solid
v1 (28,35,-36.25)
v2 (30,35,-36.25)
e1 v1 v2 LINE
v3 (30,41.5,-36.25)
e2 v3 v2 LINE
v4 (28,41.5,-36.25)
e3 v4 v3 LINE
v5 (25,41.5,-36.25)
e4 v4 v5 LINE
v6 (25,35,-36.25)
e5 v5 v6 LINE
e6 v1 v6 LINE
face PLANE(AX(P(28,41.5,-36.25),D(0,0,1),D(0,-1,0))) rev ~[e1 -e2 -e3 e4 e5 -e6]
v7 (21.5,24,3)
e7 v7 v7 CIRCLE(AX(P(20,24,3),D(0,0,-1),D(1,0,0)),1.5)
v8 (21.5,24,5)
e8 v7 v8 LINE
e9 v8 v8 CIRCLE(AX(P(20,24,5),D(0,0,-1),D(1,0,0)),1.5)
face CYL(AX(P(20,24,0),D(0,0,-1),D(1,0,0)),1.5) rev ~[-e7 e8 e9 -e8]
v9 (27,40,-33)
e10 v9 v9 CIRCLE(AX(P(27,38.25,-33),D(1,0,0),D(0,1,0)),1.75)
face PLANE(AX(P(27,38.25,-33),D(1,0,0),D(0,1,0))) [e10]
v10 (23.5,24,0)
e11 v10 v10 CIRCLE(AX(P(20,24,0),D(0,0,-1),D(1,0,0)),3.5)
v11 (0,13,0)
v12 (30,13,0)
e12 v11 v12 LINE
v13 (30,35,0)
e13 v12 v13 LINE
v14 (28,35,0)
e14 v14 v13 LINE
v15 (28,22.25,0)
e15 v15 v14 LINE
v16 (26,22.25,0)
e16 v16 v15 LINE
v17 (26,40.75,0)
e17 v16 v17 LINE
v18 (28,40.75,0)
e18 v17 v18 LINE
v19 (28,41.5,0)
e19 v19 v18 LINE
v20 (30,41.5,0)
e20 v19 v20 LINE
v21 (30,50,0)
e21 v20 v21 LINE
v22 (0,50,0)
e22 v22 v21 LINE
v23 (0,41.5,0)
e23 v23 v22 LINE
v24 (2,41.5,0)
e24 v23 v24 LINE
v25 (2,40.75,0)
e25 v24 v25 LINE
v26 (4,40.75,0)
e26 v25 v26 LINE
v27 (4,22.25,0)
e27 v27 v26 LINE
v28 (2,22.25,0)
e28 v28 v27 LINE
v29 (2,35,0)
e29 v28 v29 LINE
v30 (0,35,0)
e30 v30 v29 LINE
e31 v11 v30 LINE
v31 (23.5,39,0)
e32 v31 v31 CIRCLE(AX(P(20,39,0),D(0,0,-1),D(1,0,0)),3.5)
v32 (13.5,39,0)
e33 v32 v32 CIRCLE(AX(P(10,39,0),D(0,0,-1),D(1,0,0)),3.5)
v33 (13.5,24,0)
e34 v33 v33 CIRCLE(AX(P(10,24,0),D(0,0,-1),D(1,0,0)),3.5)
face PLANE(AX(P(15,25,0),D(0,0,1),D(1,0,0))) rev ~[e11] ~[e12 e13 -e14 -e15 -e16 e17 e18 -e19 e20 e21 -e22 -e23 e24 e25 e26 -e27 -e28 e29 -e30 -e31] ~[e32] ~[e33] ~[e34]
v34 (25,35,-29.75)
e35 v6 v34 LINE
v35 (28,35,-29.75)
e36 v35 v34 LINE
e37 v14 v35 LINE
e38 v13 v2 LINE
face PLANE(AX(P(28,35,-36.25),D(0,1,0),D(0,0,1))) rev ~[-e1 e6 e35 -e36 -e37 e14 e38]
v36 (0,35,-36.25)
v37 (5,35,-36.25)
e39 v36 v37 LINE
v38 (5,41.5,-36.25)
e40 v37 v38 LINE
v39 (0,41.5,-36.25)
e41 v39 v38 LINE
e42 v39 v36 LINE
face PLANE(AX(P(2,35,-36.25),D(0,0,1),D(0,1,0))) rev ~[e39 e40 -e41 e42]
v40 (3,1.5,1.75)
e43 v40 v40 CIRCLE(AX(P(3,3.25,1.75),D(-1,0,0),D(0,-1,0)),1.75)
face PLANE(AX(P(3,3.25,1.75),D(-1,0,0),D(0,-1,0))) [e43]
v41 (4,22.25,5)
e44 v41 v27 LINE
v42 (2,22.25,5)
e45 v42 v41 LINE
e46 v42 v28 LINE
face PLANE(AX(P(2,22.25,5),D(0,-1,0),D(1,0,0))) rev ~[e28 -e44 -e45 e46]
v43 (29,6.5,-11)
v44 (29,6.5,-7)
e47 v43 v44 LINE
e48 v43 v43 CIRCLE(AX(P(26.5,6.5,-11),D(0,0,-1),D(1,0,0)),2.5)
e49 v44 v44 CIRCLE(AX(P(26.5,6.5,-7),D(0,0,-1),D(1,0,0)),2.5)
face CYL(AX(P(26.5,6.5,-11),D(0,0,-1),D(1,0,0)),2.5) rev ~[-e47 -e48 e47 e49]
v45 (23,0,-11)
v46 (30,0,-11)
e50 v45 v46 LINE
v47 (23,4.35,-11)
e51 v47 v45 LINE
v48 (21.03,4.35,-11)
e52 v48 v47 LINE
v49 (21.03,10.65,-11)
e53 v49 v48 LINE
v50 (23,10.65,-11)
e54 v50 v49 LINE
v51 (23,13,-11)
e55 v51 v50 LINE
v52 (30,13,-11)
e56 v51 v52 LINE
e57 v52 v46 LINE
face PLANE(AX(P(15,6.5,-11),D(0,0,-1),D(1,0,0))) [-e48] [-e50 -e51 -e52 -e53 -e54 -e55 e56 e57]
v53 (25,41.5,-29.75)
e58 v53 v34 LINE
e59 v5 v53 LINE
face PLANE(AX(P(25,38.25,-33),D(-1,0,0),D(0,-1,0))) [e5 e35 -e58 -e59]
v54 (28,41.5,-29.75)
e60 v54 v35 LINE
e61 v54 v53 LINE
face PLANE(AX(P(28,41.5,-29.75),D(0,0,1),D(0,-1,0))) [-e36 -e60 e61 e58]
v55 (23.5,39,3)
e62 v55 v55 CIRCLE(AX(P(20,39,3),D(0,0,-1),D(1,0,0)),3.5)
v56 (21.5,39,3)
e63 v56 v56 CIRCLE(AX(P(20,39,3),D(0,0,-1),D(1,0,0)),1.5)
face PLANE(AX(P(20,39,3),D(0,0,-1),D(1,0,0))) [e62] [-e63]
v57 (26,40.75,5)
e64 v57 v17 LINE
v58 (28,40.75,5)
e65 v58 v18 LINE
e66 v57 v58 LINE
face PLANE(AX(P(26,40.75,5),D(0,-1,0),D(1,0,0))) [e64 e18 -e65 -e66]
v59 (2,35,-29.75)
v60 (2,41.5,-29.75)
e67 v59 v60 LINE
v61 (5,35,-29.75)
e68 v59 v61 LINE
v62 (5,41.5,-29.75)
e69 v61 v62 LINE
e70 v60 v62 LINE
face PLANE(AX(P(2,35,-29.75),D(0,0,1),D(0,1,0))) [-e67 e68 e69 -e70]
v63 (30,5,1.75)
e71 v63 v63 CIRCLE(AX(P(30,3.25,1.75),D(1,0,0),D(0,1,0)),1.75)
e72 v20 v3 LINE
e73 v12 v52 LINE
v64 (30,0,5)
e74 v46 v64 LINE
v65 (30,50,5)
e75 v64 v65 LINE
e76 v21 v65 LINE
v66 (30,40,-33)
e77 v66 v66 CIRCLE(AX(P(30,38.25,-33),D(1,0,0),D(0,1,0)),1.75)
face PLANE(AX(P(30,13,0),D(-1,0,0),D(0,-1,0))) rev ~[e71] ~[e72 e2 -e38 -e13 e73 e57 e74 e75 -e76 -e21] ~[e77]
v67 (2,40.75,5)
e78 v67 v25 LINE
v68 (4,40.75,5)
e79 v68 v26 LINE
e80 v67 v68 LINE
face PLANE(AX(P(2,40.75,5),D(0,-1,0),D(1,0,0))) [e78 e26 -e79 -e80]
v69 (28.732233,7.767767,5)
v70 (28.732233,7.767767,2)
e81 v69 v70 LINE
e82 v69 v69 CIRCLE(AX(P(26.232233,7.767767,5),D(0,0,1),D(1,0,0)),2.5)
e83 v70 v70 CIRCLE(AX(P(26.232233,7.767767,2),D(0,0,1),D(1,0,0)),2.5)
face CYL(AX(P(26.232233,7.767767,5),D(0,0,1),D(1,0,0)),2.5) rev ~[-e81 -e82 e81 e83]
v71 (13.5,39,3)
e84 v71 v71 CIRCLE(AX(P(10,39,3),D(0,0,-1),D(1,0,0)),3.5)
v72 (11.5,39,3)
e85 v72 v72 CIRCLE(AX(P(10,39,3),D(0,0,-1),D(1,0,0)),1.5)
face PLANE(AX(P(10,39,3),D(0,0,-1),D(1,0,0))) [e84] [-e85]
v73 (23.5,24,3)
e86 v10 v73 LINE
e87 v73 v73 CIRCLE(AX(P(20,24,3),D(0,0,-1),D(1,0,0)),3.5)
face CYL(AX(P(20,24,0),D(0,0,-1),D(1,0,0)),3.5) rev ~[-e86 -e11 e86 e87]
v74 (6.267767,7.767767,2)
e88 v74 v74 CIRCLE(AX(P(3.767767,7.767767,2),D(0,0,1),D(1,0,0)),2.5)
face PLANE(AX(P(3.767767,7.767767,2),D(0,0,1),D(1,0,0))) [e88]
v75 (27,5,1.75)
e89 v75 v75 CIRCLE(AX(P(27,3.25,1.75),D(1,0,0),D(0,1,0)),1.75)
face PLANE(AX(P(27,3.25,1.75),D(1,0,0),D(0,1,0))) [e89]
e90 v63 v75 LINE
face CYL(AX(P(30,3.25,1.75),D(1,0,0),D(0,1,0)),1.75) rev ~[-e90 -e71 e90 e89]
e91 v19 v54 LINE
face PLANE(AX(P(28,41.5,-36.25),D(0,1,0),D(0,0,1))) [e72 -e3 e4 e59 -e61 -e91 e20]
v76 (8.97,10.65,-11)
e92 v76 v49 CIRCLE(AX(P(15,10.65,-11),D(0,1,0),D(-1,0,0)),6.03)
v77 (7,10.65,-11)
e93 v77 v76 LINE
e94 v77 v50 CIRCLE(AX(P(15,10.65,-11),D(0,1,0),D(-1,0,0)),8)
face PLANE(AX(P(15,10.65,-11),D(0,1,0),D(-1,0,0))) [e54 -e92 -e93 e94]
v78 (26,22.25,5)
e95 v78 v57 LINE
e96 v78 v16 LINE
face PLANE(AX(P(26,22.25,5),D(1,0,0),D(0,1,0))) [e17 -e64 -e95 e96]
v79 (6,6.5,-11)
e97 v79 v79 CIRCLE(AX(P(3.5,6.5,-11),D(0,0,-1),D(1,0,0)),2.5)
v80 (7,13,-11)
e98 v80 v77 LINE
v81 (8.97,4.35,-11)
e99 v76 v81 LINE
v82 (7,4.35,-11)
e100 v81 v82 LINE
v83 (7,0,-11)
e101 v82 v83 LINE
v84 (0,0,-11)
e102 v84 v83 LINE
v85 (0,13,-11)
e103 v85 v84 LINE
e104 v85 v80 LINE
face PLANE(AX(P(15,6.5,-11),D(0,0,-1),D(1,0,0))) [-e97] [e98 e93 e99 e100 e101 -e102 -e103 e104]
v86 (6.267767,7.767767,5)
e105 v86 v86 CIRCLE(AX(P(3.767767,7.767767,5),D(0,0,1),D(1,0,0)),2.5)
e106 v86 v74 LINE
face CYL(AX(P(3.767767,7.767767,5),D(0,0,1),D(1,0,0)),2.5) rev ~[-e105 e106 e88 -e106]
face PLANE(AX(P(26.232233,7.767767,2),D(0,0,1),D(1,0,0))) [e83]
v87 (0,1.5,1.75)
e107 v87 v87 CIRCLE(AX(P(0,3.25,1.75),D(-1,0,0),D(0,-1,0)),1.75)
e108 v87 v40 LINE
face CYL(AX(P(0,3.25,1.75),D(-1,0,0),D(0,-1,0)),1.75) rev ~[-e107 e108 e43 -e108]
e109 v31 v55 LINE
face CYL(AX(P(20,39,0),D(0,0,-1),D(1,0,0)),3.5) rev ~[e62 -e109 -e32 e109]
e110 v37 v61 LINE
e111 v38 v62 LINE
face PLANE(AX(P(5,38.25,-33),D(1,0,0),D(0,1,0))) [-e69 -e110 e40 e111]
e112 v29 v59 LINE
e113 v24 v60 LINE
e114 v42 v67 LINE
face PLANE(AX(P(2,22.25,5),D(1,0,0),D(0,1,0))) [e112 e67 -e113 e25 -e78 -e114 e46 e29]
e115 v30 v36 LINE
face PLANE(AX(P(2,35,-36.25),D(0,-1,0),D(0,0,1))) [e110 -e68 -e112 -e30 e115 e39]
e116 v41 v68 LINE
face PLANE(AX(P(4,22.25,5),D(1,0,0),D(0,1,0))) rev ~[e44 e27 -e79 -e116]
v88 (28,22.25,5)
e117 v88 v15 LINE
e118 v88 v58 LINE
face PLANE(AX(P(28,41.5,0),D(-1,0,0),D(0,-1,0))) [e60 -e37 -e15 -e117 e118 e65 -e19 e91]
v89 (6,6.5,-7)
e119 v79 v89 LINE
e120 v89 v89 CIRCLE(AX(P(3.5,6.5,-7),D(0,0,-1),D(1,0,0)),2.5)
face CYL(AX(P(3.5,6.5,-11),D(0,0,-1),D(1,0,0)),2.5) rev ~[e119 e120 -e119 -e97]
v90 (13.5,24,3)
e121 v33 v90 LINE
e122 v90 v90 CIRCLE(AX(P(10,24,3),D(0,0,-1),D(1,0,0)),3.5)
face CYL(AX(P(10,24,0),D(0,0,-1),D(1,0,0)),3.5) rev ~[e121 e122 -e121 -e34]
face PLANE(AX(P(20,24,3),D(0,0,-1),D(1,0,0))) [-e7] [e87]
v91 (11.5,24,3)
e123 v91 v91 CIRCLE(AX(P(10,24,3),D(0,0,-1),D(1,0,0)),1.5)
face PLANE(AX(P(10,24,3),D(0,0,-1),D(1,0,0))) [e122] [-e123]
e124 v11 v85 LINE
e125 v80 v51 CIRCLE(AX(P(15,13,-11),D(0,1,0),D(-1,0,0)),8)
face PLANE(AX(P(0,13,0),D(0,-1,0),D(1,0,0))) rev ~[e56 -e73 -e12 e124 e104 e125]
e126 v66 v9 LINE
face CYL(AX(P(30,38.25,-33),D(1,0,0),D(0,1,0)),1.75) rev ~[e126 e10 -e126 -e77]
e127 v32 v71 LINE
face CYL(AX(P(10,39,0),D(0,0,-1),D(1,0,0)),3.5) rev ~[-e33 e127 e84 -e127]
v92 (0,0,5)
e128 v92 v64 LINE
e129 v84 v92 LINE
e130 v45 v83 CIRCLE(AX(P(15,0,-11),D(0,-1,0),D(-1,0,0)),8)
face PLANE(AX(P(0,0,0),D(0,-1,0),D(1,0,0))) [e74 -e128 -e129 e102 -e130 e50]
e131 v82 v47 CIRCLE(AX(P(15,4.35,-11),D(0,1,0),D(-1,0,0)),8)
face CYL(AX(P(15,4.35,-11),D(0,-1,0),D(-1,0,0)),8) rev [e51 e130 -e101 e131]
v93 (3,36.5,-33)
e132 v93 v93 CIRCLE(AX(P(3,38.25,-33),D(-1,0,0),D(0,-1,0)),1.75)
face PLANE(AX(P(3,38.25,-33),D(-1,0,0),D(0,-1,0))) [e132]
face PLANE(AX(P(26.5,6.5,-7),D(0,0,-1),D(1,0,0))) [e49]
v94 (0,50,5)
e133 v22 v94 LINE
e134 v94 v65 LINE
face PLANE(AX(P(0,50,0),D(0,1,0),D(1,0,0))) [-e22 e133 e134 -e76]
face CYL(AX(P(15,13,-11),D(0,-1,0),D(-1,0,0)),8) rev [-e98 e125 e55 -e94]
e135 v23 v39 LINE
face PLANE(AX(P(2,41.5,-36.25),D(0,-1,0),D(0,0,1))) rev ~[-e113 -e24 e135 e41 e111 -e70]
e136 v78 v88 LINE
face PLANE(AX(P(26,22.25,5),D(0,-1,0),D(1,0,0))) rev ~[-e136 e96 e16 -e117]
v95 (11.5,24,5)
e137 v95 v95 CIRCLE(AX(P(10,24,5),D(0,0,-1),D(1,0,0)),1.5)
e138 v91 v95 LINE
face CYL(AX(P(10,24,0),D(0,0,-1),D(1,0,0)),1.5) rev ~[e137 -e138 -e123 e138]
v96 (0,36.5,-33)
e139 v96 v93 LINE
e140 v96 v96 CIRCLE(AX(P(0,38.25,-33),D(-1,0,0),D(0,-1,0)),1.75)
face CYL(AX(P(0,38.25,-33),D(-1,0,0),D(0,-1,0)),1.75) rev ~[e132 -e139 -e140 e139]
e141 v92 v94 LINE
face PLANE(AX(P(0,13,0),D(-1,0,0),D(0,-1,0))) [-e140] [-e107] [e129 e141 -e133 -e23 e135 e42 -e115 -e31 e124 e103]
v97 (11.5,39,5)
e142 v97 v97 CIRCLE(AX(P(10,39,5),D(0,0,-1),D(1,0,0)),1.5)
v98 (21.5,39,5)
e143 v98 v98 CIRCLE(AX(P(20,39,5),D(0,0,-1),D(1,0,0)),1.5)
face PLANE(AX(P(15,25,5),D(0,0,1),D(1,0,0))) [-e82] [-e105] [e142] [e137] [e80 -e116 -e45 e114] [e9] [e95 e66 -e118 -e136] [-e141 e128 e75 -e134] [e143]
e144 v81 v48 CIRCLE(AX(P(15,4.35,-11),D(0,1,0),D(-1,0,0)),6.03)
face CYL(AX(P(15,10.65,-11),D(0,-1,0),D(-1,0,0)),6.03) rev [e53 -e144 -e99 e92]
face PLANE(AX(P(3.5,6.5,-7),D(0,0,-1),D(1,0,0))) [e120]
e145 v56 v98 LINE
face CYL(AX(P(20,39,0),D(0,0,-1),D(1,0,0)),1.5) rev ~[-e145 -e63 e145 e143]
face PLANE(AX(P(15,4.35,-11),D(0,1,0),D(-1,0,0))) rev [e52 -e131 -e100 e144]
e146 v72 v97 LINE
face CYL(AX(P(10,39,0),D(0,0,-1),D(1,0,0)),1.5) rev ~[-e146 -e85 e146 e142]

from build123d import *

# Parameters (mm, degrees)
SKETCH_W        = 30
SKETCH_H        = 50
PAD_DEPTH       = 5
SKETCH002_W     = 30
SKETCH002_H     = 13
PAD001_DEPTH    = 11
GROOVE_ANGLE    = 180
SKETCH004_R     = 2.5
POCKET_DEPTH    = 4
SKETCH005_R     = 1.5
POCKET001_DEPTH = 5
SKETCH006_R     = 3.5
POCKET002_DEPTH = 3
SKETCH008_R     = 1.75
POCKET003_DEPTH = 3
SKETCH009_W     = 2
SKETCH009_H     = 6.5
PAD002_DEPTH    = 36.25
SKETCH010_W     = 6.5
SKETCH010_H     = 6.5
PAD003_DEPTH    = 3
SKETCH011_R     = 1.75
POCKET004_DEPTH = 3
SKETCH012_W     = 2
SKETCH012_H     = 6.5000000001
PAD004_DEPTH    = 36.25
SKETCH013_W     = 6.5
SKETCH013_H     = 6.5
PAD005_DEPTH    = 3
SKETCH014_R     = 1.75
POCKET005_DEPTH = 3
SKETCH015_W     = 2
SKETCH015_H     = 18.5
POCKET006_DEPTH = 5
SKETCH034_R     = 2.5
POCKET013_DEPTH = 3


with BuildPart() as part:
    # Sketch → Pad (new body)
    with BuildSketch(Plane.XY):
        with Locations((15, 25)):
            Rectangle(SKETCH_W, SKETCH_H)
    extrude(amount=PAD_DEPTH)

    # Sketch002 (on Face5 of Pad) → Pad001 (join)
    with BuildSketch(Plane(origin=(0, 0, 0), x_dir=(1, 0, 0), z_dir=(0, 0, -1))):
        with Locations((15, -6.5)):
            Rectangle(SKETCH002_W, SKETCH002_H)
    extrude(amount=PAD001_DEPTH)

    # Sketch003 (on Face10 of Pad001) → Groove (revolve, cut)
    with BuildSketch(Plane(origin=(0, 0, -11), x_dir=(1, 0, 0), z_dir=(0, 0, -1))):
        Polygon((7, -13), (7, -10.65), (8.97, -10.65), (8.97, -4.35), (7, -4.35), (7, 1), (15, 1), (15, -13), align=None)
    revolve(axis=Axis((15, -1, -11), (0, 1, 0)), revolution_arc=GROOVE_ANGLE, mode=Mode.SUBTRACT)

    # Sketch004 (on Face10 of Groove) → Pocket (cut)
    with BuildSketch(Plane(origin=(0, 0, -11), x_dir=(1, 0, 0), z_dir=(0, 0, -1))):
        with Locations((3.5, -6.5)):
            Circle(SKETCH004_R)
        with Locations((26.5, -6.5)):
            Circle(SKETCH004_R)
    extrude(amount=-POCKET_DEPTH, mode=Mode.SUBTRACT)

    # Sketch005 (on Face7 of Pocket) → Pocket001 (cut)
    with BuildSketch(Plane(origin=(0, 0, 0), x_dir=(1, 0, 0), z_dir=(0, 0, -1))):
        with Locations((10, -24)):
            Circle(SKETCH005_R)
        with Locations((20, -24)):
            Circle(SKETCH005_R)
        with Locations((10, -39)):
            Circle(SKETCH005_R)
        with Locations((20, -39)):
            Circle(SKETCH005_R)
    extrude(amount=-POCKET001_DEPTH, mode=Mode.SUBTRACT)

    # Sketch006 (on Face7 of Pocket001) → Pocket002 (cut)
    with BuildSketch(Plane(origin=(0, 0, 0), x_dir=(1, 0, 0), z_dir=(0, 0, -1))):
        with Locations((10, -39)):
            Circle(SKETCH006_R)
        with Locations((10, -24)):
            Circle(SKETCH006_R)
        with Locations((20, -24)):
            Circle(SKETCH006_R)
        with Locations((20, -39)):
            Circle(SKETCH006_R)
    extrude(amount=-POCKET002_DEPTH, mode=Mode.SUBTRACT)

    # Sketch008 (on Face8 of Pocket002) → Pocket003 (cut)
    with BuildSketch(Plane(origin=(0, 0, 0), x_dir=(0, -1, 0), z_dir=(-1, 0, 0))):
        with Locations((-3.25, 1.75)):
            Circle(SKETCH008_R)
    extrude(amount=-POCKET003_DEPTH, mode=Mode.SUBTRACT)

    # Sketch009 (on Face6 of Pocket003) → Pad002 (join)
    with BuildSketch(Plane(origin=(0, 0, 0), x_dir=(1, 0, 0), z_dir=(0, 0, -1))):
        with Locations((1, -38.25)):
            Rectangle(SKETCH009_W, SKETCH009_H)
    extrude(amount=PAD002_DEPTH)

    # Sketch010 (on Face21 of Pad002) → Pad003 (join)
    with BuildSketch(Plane.YZ.offset(2)):
        with Locations((38.25, -33)):
            Rectangle(SKETCH010_W, SKETCH010_H)
    extrude(amount=PAD003_DEPTH)

    # Sketch011 (on Face7 of Pad003) → Pocket004 (cut)
    with BuildSketch(Plane(origin=(0, 0, 0), x_dir=(0, -1, 0), z_dir=(-1, 0, 0))):
        with Locations((-38.25, -33)):
            Circle(SKETCH011_R)
    extrude(amount=-POCKET004_DEPTH, mode=Mode.SUBTRACT)

    # Sketch012 (on Face6 of Pocket004) → Pad004 (join)
    with BuildSketch(Plane(origin=(0, 0, 0), x_dir=(1, 0, 0), z_dir=(0, 0, -1))):
        with Locations((29, -38.25)):
            Rectangle(SKETCH012_W, SKETCH012_H)
    extrude(amount=PAD004_DEPTH)

    # Sketch013 (on Face21 of Pad004) → Pad005 (join)
    with BuildSketch(Plane(origin=(28, 0, 0), x_dir=(0, -1, 0), z_dir=(-1, 0, 0))):
        with Locations((-38.25, -33)):
            Rectangle(SKETCH013_W, SKETCH013_H)
    extrude(amount=PAD005_DEPTH)

    # Sketch014 (on Face12 of Pad005) → Pocket005 (cut)
    with BuildSketch(Plane.YZ.offset(30)):
        with Locations((38.25, -33)):
            Circle(SKETCH014_R)
        with Locations((3.25, 1.75)):
            Circle(SKETCH014_R)
    extrude(amount=-POCKET005_DEPTH, mode=Mode.SUBTRACT)

    # Sketch015 (on Face5 of Pocket005) → Pocket006 (cut)
    with BuildSketch(Plane.XY.offset(5)):
        with Locations((3, 31.5)):
            Rectangle(SKETCH015_W, SKETCH015_H)
        with Locations((27, 31.5)):
            Rectangle(SKETCH015_W, SKETCH015_H)
    extrude(amount=-POCKET006_DEPTH, mode=Mode.SUBTRACT)

    # Sketch034 (on Face5 of Pocket006) → Pocket013 (cut)
    with BuildSketch(Plane.XY.offset(5)):
        with Locations((3.767766953, 7.767766953)):
            Circle(SKETCH034_R)
        with Locations((26.232233047, 7.767766953)):
            Circle(SKETCH034_R)
    extrude(amount=-POCKET013_DEPTH, mode=Mode.SUBTRACT)


solid = part.part
